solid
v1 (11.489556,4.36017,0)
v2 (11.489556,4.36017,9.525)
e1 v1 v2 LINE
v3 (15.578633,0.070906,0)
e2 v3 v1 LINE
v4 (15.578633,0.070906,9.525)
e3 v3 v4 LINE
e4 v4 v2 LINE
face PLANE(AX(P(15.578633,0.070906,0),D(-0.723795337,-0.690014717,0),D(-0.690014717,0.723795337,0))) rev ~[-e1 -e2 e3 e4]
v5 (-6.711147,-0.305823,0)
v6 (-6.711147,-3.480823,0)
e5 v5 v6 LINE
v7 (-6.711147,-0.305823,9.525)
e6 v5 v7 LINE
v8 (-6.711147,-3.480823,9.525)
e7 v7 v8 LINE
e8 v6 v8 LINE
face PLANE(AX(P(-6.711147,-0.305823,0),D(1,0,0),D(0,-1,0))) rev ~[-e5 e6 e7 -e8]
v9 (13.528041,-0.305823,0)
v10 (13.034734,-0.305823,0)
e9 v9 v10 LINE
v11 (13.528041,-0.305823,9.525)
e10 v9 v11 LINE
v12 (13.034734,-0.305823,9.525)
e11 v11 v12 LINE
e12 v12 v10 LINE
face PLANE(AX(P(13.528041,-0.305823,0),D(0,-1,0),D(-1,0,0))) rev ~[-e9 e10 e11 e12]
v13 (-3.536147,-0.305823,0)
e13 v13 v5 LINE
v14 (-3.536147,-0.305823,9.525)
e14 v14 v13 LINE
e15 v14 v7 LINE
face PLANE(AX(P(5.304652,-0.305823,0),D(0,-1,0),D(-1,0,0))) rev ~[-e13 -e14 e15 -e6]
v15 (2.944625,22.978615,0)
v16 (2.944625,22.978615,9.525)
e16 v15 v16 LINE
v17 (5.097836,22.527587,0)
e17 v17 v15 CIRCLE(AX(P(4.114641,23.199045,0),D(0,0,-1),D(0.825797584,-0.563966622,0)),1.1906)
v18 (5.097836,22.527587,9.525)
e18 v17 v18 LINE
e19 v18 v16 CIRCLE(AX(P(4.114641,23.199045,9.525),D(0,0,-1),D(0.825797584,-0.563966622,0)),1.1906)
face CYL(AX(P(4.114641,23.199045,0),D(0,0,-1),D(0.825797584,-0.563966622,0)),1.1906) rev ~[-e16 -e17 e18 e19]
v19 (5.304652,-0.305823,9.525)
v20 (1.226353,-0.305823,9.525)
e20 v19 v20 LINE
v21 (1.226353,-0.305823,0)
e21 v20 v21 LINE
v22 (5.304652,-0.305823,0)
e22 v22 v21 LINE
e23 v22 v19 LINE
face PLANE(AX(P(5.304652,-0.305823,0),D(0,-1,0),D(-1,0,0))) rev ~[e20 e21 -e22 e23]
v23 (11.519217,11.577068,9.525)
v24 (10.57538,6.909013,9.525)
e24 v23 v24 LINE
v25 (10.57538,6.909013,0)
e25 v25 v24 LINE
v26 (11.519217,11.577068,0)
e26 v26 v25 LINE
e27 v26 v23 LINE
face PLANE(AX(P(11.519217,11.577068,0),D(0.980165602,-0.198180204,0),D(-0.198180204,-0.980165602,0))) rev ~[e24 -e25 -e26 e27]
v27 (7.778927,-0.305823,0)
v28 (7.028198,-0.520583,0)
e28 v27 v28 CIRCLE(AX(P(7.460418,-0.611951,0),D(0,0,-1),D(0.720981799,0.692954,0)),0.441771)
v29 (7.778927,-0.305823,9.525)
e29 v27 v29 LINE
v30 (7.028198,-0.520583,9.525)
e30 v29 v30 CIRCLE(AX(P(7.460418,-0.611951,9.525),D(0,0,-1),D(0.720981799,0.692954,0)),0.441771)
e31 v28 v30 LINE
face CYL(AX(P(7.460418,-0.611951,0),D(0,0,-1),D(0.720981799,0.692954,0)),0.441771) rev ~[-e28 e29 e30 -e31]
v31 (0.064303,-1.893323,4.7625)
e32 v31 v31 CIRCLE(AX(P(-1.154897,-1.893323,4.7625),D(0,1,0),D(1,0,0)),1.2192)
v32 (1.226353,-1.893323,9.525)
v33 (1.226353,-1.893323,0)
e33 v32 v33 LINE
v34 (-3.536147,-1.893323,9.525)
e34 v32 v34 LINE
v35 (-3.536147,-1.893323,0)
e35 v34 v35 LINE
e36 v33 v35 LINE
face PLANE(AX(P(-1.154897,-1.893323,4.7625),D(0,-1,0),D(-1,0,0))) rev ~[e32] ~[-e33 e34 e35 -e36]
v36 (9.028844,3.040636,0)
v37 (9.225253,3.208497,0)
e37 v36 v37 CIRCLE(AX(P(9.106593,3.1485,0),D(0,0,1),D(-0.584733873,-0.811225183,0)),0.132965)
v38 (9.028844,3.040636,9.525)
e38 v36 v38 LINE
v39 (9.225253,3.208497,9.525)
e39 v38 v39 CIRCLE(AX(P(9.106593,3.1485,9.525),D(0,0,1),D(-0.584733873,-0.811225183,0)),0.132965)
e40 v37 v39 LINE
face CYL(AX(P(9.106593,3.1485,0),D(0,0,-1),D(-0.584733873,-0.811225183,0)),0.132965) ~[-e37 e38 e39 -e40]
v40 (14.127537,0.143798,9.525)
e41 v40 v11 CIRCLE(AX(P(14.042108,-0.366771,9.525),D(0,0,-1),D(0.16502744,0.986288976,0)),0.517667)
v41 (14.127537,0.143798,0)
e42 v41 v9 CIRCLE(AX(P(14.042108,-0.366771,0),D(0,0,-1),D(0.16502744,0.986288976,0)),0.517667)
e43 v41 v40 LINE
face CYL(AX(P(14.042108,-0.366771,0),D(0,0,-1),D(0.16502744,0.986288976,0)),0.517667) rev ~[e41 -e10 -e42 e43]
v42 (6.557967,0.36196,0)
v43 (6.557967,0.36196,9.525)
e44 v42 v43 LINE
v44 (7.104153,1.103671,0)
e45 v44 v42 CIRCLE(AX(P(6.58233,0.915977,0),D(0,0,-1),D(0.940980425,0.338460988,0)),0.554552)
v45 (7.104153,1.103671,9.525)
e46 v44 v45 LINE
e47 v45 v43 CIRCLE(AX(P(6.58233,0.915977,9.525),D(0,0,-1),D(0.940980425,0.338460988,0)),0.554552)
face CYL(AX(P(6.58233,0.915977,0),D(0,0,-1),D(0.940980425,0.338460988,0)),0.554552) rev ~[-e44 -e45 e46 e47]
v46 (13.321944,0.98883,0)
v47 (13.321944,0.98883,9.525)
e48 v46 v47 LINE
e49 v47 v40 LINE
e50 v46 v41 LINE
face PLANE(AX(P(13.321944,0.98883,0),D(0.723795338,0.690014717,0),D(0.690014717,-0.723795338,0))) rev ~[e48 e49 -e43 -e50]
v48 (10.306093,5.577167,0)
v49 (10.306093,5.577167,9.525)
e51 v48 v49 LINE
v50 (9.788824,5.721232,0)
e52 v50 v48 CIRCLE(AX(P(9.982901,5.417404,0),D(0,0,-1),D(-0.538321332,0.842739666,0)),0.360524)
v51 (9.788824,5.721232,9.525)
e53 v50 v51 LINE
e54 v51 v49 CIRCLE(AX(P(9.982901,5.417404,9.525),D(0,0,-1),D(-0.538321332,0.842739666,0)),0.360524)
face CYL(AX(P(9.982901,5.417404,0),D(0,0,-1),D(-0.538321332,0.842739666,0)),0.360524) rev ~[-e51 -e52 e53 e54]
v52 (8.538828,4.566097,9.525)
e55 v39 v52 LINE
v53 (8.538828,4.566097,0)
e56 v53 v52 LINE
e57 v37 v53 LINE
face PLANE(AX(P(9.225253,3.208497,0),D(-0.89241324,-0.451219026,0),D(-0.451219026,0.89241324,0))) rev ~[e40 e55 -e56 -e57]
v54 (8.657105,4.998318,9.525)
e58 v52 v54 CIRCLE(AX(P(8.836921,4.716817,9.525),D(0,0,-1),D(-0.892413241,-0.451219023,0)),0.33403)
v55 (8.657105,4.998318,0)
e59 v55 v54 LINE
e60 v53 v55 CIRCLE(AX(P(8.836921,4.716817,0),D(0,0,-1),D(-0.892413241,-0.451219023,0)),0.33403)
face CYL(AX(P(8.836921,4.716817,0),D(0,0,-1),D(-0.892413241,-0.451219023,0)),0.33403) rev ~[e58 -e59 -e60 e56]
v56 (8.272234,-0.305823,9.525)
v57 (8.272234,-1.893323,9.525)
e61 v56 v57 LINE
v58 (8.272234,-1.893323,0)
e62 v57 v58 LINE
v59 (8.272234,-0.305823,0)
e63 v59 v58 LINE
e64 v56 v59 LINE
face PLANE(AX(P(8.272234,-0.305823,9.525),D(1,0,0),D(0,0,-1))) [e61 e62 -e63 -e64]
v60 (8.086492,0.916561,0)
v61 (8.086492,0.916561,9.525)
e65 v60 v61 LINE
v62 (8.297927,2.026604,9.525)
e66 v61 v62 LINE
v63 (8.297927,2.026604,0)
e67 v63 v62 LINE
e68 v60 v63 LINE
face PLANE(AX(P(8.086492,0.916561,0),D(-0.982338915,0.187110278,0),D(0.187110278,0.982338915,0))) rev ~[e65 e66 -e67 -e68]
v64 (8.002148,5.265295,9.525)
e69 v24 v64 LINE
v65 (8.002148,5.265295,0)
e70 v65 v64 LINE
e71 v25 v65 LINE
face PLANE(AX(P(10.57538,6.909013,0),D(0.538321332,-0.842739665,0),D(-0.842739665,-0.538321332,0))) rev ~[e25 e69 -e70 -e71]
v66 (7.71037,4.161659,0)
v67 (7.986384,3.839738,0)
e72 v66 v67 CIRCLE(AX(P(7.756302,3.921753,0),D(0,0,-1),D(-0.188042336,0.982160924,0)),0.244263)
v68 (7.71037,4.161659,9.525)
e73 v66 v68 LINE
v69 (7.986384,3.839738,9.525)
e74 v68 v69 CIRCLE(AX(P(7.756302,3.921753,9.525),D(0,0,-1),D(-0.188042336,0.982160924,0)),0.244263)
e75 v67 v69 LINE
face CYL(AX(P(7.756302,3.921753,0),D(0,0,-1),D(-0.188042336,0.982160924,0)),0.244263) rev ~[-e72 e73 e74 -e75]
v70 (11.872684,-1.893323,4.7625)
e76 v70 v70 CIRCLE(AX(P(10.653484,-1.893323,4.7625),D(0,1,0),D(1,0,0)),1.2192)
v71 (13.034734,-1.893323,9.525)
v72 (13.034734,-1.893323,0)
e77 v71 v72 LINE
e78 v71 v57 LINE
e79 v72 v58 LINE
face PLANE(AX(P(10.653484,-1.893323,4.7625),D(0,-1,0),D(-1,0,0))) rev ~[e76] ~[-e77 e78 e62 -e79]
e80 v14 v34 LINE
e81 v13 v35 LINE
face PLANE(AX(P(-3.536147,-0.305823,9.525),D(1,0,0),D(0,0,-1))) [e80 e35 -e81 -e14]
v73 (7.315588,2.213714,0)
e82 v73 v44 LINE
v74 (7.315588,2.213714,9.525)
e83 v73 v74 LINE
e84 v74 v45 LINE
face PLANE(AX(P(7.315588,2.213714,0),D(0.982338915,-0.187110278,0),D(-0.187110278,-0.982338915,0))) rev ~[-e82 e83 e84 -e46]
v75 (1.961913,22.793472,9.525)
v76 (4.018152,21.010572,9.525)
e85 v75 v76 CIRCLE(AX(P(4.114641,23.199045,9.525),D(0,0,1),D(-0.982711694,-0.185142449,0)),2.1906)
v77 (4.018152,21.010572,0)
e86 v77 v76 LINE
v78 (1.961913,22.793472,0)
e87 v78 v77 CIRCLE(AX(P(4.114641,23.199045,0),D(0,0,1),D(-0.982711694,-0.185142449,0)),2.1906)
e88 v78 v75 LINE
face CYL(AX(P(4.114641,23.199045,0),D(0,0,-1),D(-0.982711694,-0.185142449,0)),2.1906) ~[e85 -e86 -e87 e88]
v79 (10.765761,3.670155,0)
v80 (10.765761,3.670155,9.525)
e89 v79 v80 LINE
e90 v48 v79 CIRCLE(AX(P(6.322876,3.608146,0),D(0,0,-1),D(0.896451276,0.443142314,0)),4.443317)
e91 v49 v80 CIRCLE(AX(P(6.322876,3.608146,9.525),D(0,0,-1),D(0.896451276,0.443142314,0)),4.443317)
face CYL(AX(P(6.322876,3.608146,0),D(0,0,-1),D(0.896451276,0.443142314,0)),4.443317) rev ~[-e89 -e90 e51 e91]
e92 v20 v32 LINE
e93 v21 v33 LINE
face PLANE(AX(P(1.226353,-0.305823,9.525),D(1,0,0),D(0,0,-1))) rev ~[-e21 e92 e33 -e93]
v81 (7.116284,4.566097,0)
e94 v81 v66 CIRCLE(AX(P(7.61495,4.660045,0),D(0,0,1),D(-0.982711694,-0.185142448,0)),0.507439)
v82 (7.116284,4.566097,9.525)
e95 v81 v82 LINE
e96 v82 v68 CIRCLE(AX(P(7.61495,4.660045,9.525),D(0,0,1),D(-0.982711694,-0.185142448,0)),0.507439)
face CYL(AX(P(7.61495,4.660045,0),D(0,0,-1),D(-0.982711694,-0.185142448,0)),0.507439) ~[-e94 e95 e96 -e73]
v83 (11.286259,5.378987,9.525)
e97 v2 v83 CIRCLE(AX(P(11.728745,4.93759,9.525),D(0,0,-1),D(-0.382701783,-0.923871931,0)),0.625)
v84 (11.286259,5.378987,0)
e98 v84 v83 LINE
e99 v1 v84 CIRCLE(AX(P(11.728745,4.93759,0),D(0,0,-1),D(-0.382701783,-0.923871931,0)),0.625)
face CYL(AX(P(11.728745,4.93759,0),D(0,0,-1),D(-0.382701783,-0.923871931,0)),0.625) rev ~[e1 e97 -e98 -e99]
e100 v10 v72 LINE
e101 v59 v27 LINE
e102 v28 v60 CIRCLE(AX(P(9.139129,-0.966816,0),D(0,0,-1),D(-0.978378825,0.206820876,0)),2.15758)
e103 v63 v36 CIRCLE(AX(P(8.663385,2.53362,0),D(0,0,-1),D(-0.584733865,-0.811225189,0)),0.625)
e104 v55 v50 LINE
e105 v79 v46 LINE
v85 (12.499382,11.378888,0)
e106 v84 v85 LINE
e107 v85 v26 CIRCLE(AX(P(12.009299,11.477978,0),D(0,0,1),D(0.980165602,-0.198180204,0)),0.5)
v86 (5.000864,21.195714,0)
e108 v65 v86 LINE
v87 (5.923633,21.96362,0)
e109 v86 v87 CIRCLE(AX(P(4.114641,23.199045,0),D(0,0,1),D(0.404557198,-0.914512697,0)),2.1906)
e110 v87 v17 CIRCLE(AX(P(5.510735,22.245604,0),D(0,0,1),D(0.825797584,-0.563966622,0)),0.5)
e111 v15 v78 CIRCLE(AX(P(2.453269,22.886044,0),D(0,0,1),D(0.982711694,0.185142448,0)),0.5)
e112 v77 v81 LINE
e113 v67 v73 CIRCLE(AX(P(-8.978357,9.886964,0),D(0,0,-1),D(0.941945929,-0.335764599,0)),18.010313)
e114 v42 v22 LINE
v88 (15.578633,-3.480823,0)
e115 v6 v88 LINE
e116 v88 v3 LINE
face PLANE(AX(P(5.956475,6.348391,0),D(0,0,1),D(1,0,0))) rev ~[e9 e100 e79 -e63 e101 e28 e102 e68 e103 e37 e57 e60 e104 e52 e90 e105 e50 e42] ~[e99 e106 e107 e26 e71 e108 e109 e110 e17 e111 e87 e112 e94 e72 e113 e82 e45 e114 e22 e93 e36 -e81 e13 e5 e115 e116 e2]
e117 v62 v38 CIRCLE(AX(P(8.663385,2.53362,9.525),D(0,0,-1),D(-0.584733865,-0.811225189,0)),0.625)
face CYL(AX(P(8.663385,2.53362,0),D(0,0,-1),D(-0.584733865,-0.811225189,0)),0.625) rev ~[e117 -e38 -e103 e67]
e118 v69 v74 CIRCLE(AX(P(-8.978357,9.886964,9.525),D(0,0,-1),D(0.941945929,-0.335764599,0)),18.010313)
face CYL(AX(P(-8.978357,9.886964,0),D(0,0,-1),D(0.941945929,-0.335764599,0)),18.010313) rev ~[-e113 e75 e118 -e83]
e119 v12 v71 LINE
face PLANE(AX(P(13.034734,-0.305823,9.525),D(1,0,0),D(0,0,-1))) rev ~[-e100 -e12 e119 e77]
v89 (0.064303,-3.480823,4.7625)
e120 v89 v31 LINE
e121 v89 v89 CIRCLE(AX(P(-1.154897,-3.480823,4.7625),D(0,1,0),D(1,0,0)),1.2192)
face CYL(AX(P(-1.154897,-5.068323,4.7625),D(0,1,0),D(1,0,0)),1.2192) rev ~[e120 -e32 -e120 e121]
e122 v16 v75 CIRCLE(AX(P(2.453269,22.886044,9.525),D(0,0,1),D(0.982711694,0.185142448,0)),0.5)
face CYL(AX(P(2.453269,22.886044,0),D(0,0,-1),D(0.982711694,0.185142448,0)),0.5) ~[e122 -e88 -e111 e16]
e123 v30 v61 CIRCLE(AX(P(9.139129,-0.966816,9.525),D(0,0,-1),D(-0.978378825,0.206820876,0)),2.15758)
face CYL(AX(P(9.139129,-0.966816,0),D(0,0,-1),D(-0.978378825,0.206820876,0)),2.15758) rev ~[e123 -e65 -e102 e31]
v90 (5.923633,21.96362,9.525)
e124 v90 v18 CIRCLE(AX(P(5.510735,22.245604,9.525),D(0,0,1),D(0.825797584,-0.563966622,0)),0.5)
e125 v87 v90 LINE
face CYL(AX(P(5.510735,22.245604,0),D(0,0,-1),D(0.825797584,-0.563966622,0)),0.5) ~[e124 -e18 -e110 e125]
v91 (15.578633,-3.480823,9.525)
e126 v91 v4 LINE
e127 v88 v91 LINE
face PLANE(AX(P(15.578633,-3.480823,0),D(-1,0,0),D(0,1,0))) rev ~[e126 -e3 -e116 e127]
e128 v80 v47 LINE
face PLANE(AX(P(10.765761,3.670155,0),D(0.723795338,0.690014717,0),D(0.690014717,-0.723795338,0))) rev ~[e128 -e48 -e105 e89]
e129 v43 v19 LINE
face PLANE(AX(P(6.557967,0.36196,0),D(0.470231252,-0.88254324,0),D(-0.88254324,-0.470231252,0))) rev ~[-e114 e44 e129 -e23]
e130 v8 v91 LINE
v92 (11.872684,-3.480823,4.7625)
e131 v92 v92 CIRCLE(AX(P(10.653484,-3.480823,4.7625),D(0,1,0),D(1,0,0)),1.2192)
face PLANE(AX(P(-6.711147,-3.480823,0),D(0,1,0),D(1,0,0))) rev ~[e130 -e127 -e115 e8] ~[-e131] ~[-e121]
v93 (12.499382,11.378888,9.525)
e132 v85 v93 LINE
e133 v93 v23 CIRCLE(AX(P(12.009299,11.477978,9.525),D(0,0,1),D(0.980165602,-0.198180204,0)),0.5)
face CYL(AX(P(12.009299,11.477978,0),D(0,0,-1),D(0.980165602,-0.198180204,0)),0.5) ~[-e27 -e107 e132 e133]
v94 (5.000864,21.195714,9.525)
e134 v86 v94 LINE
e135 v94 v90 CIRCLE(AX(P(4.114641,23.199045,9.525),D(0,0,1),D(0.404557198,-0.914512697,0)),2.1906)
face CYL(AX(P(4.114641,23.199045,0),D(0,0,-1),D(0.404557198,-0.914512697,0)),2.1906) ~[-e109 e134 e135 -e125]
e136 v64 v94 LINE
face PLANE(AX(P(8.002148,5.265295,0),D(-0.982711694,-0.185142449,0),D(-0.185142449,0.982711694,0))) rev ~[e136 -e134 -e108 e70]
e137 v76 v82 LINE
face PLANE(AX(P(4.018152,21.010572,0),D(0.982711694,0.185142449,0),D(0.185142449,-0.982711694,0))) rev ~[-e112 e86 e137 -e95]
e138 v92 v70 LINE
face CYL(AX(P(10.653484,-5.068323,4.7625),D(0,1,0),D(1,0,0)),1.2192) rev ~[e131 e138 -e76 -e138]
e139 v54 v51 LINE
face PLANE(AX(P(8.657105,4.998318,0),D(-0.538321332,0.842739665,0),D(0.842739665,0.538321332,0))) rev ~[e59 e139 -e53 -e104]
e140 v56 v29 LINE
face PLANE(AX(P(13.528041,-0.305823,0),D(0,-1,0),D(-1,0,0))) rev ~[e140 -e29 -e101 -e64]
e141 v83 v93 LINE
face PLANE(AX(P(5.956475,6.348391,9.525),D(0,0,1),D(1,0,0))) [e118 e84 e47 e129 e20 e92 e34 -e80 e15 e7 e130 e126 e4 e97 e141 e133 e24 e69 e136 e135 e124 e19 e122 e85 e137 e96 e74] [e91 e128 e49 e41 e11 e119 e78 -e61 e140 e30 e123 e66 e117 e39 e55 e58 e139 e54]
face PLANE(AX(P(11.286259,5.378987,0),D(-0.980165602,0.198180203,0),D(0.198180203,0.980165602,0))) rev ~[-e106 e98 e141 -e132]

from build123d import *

# Parameters (mm, degrees)
BOSS_CONFIGUP_DEPTH       = 9.525
SKETCH2_W                 = 4.7625
SKETCH2_H                 = 9.525
CUT_NUTSLOT_DEPTH         = 1.5875
F_2_CLEARANCE_HOLE1_D     = 2.4384
F_2_CLEARANCE_HOLE1_DEPTH = 1.5875


with BuildPart() as part:
    # Sketch-ConfigUp → Boss-ConfigUp (new body)
    with BuildSketch(Plane.XY):
        with BuildLine():
            Line((7.315587682, 2.213714366), (7.104153068, 1.103671392))
            ThreePointArc((7.104153068, 1.103671392), (7.02887285, 0.587148983), (6.557966762, 0.361960248))
            Line((6.557966762, 0.361960248), (5.304651863, -0.305823275))
            Line((5.304651863, -0.305823275), (-6.711147083, -0.305823275))
            Line((-6.711147083, -0.305823275), (-6.711147083, -3.480823275))
            Line((-6.711147083, -3.480823275), (15.578632688, -3.480823275))
            Line((15.578632688, -3.480823275), (15.578632688, 0.0709065))
            Line((15.578632688, 0.0709065), (11.489555896, 4.360169677))
            ThreePointArc((11.489555896, 4.360169677), (11.115827658, 4.815287007), (11.286259089, 5.378987021))
            Line((11.286259089, 5.378987021), (12.499382227, 11.378887869))
            ThreePointArc((12.499382227, 11.378887869), (12.108389527, 11.968060772), (11.519216625, 11.577068073))
            Line((11.519216625, 11.577068073), (10.575379996, 6.90901253))
            Line((10.575379996, 6.90901253), (8.002147984, 5.265295329))
            Line((8.002147984, 5.265295329), (5.000864154, 21.195713966))
            ThreePointArc((5.000864154, 21.195713966), (5.515878545, 21.515221814), (5.923633344, 21.963620199))
            ThreePointArc((5.923633344, 21.963620199), (5.792717863, 22.658502302), (5.09783576, 22.527586821))
            ThreePointArc((5.09783576, 22.527586821), (3.870546529, 22.033736006), (2.944624614, 22.978614881))
            ThreePointArc((2.944624614, 22.978614881), (2.360697542, 23.377399504), (1.96191292, 22.793472432))
            ThreePointArc((1.96191292, 22.793472432), (2.679570384, 21.54396233), (4.01815246, 21.010571517))
            Line((4.01815246, 21.010571517), (7.116284258, 4.566096638))
            ThreePointArc((7.116284258, 4.566096638), (7.329390516, 4.240581461), (7.710370279, 4.161658542))
            ThreePointArc((7.710370279, 4.161658542), (7.941736771, 4.080744656), (7.986384484, 3.83973824))
            ThreePointArc((7.986384484, 3.83973824), (7.67084838, 3.018532349), (7.315587682, 2.213714366))
        make_face()
        with BuildLine():
            Line((13.528041298, -0.305823275), (7.778926955, -0.305823275))
            ThreePointArc((7.778926955, -0.305823275), (7.581920737, -1.036684597), (7.028198014, -0.520582992))
            ThreePointArc((7.028198014, -0.520582992), (7.40177857, 0.312546128), (8.086491983, 0.916561115))
            Line((8.086491983, 0.916561115), (8.297926597, 2.026604089))
            ThreePointArc((8.297926597, 2.026604089), (8.15636952, 2.899078498), (9.028843929, 3.040635574))
            ThreePointArc((9.028843929, 3.040635574), (9.1929804, 3.047421198), (9.225253016, 3.208496658))
            Line((9.225253016, 3.208496658), (8.538827812, 4.566096638))
            ThreePointArc((8.538827812, 4.566096638), (8.51473614, 4.804983129), (8.657105129, 4.998317646))
            Line((8.657105129, 4.998317646), (9.788823733, 5.721231603))
            ThreePointArc((9.788823733, 5.721231603), (10.079629218, 5.764709454), (10.306093487, 5.577167225))
            ThreePointArc((10.306093487, 5.577167225), (10.642479335, 4.649344509), (10.765760559, 3.670154961))
            Line((10.765760559, 3.670154961), (13.32194446, 0.988829556))
            Line((13.32194446, 0.988829556), (14.12753679, 0.143798344))
            ThreePointArc((14.12753679, 0.143798344), (14.352707563, -0.780903824), (13.528041298, -0.305823275))
        make_face(mode=Mode.SUBTRACT)
    extrude(amount=BOSS_CONFIGUP_DEPTH)

    # Sketch2 → Cut-NutSlot (cut)
    with BuildSketch(Plane(origin=(0.004306068, -0.305823275, 0), x_dir=(-1, 0, 0), z_dir=(0, -1, 0))):
        with Locations((-10.649178058, -4.7625)):
            Rectangle(SKETCH2_W, SKETCH2_H)
        with Locations((1.159203152, -4.7625)):
            Rectangle(SKETCH2_W, SKETCH2_H)
    extrude(amount=CUT_NUTSLOT_DEPTH, mode=Mode.SUBTRACT)

    # #2 Clearance Hole1
    with Locations(Plane(origin=(0, -3.480823275, 0), x_dir=(-1, 0, 0), z_dir=(0, -1, 0))):
        with Locations((-10.653484126, -4.7625), (1.154897083, -4.7625)):
            Hole(F_2_CLEARANCE_HOLE1_D / 2, depth=F_2_CLEARANCE_HOLE1_DEPTH)


solid = part.part
